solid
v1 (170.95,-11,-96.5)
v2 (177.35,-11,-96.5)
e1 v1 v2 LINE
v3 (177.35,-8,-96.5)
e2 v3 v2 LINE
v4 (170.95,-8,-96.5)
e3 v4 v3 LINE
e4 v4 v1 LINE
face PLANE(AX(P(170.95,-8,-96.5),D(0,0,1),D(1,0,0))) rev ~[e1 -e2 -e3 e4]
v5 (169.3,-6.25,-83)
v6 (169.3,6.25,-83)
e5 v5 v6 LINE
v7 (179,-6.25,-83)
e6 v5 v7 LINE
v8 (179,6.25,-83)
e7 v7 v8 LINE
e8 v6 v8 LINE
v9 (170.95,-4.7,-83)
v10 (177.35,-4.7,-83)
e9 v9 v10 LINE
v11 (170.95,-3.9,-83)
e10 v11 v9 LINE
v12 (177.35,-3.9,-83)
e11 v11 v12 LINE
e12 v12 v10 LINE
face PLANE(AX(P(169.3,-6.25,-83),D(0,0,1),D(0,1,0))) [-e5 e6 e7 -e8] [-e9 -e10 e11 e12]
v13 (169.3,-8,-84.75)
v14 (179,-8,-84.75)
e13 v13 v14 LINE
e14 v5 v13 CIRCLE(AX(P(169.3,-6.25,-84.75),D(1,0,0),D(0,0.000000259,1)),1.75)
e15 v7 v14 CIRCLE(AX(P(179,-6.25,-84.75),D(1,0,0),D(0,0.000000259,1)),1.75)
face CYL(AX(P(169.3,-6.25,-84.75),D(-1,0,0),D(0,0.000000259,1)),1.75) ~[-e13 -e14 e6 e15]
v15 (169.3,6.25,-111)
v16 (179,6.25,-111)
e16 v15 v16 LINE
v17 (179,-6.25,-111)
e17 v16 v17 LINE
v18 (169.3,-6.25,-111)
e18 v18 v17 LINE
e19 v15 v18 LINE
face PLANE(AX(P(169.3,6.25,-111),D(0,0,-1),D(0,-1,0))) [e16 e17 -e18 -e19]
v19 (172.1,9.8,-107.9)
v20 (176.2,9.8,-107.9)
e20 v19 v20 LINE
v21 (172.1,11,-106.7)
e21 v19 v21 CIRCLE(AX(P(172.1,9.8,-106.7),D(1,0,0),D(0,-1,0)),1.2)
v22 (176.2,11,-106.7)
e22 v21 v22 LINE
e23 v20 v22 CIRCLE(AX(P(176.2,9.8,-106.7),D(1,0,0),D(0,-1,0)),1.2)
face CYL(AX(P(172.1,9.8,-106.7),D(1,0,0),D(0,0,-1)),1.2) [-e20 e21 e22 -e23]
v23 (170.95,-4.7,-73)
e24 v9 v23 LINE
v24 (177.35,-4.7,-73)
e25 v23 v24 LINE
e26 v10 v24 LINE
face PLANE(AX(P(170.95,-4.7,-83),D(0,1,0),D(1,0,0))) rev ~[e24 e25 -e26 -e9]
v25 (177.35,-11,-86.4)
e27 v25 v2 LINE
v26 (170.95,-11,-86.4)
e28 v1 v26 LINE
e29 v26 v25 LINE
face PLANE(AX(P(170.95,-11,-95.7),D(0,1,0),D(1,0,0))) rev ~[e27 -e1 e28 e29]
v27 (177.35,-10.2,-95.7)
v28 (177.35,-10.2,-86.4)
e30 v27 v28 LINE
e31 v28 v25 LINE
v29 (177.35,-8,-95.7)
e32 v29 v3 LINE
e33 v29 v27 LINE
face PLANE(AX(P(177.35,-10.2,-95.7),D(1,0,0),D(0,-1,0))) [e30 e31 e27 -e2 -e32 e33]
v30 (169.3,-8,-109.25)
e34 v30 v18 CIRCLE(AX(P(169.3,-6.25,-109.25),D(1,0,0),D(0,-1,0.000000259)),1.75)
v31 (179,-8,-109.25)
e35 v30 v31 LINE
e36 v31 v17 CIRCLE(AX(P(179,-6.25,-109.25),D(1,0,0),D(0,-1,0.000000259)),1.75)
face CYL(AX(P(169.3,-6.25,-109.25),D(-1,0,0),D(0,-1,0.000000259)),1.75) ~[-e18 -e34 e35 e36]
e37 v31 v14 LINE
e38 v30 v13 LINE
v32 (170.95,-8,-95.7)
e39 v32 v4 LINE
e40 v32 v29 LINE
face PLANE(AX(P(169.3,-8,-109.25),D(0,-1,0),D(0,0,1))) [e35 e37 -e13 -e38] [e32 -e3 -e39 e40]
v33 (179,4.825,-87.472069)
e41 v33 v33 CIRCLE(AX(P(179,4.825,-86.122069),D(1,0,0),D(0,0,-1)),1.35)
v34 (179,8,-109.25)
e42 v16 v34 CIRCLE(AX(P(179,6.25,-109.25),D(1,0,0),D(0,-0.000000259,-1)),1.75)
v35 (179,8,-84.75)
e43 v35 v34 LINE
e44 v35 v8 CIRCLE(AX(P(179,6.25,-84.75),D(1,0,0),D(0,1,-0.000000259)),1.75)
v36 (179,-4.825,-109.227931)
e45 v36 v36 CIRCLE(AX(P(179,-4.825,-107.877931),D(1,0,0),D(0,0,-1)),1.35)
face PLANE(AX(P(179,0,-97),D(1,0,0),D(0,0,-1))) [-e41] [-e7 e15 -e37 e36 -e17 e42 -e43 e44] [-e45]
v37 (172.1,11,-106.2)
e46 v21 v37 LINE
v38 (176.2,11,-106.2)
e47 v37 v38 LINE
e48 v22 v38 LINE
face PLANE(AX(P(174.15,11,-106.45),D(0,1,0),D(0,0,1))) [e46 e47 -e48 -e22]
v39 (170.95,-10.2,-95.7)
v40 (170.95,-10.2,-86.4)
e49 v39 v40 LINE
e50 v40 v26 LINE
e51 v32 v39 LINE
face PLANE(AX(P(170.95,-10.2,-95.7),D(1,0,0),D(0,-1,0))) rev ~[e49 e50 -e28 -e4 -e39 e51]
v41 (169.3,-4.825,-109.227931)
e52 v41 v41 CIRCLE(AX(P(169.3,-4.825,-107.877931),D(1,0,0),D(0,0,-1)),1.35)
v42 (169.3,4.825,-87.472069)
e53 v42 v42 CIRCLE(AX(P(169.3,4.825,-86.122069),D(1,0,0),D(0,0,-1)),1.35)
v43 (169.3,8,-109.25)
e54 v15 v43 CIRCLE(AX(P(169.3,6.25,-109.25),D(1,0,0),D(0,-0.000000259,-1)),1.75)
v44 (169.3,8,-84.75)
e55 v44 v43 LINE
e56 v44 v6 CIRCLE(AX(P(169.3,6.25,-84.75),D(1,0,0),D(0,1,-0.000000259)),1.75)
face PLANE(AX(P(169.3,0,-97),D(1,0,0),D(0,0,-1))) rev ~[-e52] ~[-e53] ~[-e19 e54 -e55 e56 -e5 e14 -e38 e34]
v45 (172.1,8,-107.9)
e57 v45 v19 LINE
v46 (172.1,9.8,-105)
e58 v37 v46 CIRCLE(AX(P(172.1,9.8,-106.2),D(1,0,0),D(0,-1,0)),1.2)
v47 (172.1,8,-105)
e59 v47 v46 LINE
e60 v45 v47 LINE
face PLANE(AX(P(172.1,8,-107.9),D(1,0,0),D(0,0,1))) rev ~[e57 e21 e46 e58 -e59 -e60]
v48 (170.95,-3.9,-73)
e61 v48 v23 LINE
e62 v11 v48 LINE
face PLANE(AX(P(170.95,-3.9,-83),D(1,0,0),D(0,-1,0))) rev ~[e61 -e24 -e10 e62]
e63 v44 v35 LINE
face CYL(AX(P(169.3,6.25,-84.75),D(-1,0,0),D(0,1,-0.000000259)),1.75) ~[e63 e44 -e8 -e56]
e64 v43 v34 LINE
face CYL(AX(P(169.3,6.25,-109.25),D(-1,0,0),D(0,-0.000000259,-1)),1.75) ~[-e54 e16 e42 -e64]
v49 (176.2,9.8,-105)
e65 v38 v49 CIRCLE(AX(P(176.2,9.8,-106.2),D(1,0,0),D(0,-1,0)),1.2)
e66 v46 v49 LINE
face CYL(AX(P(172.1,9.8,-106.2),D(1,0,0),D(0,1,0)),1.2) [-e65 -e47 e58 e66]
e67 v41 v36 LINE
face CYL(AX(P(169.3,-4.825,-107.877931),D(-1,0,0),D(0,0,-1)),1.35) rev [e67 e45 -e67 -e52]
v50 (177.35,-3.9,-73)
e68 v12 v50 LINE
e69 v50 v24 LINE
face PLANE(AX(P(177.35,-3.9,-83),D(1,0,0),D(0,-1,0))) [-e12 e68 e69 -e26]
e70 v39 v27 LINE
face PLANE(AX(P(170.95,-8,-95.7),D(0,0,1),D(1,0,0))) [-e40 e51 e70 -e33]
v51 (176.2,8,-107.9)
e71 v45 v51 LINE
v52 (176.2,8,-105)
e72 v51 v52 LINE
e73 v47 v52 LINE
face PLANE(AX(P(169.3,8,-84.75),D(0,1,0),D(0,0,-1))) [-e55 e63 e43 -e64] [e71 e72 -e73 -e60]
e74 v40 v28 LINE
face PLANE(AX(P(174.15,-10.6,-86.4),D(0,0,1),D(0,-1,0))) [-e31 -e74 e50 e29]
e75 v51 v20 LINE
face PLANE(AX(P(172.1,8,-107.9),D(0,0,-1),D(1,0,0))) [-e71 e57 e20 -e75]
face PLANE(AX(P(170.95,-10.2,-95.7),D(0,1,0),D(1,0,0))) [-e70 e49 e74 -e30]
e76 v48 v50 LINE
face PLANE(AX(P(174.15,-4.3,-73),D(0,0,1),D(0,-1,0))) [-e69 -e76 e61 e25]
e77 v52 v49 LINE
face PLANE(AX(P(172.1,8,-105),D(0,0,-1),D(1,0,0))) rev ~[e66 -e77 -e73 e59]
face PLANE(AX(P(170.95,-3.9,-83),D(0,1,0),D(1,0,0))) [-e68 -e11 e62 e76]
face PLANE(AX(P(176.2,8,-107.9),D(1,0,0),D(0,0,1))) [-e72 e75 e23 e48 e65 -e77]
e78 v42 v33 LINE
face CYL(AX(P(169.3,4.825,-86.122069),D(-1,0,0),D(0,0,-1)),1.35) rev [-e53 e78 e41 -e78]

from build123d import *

# Parameters (mm, degrees)
SKETCH046_R             = 1.35
PAD046_DEPTH            = 9.7
SKETCH047_W             = 2.9
SKETCH047_H             = 4.1
PAD047_DEPTH            = 3
SKETCH048_W             = 0.8
SKETCH048_H             = 6.4
PAD048_DEPTH            = 10
SKETCH049_W             = 0.8
SKETCH049_H             = 6.4
PAD049_DEPTH            = 3
SKETCH050_W             = 0.8
SKETCH050_H             = 6.4
PAD050_DEPTH            = 9.3
FILLET006_R             = 1.2
BODY010_PLACEMENT_ANGLE = 90


with BuildPart() as part:
    # Sketch046 → Pad046 (new body)
    with BuildSketch(Plane.XY):
        with BuildLine():
            ThreePointArc((-12.25, 8), (-13.487437, 7.487437), (-14, 6.25))
            Line((-14, -6.25), (-14, 6.25))
            ThreePointArc((-14, -6.25), (-13.487437, -7.487437), (-12.25, -8))
            Line((12.25, -8), (-12.25, -8))
            ThreePointArc((12.25, -8), (13.487437, -7.487437), (14, -6.25))
            Line((14, 6.25), (14, -6.25))
            ThreePointArc((14, 6.25), (13.487437, 7.487437), (12.25, 8))
            Line((-12.25, 8), (12.25, 8))
        make_face()
        with Locations((10.877931, -4.825)):
            Circle(SKETCH046_R, mode=Mode.SUBTRACT)
        with Locations((-10.877931, 4.825)):
            Circle(SKETCH046_R, mode=Mode.SUBTRACT)
    extrude(amount=PAD046_DEPTH)

    # Sketch047 (on Face8 of Pad046) → Pad047 (join)
    with BuildSketch(Plane(origin=(0, 8, 0), x_dir=(-1, 0, 0), z_dir=(0, 1, 0))):
        with Locations((-9.45, 4.85)):
            Rectangle(SKETCH047_W, SKETCH047_H)
    extrude(amount=PAD047_DEPTH)

    # Sketch048 (on Face3 of Pad047) → Pad048 (join)
    with BuildSketch(Plane(origin=(-14, 0, 0), x_dir=(0, -1, 0), z_dir=(-1, 0, 0))):
        with Locations((4.3, 4.85)):
            Rectangle(SKETCH048_W, SKETCH048_H)
    extrude(amount=PAD048_DEPTH)

    # Sketch049 (on Face16 of Pad048) → Pad049 (join)
    with BuildSketch(Plane.XZ.offset(8)):
        with Locations((-0.9, 4.85)):
            Rectangle(SKETCH049_W, SKETCH049_H)
    extrude(amount=PAD049_DEPTH)

    # Sketch050 (on Face23 of Pad049) → Pad050 (join)
    with BuildSketch(Plane(origin=(-1.3, 0, 0), x_dir=(0, -1, 0), z_dir=(-1, 0, 0))):
        with Locations((10.6, 4.85)):
            Rectangle(SKETCH050_W, SKETCH050_H)
    extrude(amount=PAD050_DEPTH)

    # Fillet006
    fillet006_edges = [part.edges().sort_by_distance(p)[0] for p in [
        (10.9, 11, 4.85),
        (8, 11, 4.85),
    ]]
    fillet(fillet006_edges, radius=FILLET006_R)


with BuildPart() as part_1:
    # Body010 placement: moved
    add(part.part.moved(Location((169.3, 0, -97))).rotate(Axis((169.3, 0, -97), (0, 1, 0)), BODY010_PLACEMENT_ANGLE))


solid = part_1.part
